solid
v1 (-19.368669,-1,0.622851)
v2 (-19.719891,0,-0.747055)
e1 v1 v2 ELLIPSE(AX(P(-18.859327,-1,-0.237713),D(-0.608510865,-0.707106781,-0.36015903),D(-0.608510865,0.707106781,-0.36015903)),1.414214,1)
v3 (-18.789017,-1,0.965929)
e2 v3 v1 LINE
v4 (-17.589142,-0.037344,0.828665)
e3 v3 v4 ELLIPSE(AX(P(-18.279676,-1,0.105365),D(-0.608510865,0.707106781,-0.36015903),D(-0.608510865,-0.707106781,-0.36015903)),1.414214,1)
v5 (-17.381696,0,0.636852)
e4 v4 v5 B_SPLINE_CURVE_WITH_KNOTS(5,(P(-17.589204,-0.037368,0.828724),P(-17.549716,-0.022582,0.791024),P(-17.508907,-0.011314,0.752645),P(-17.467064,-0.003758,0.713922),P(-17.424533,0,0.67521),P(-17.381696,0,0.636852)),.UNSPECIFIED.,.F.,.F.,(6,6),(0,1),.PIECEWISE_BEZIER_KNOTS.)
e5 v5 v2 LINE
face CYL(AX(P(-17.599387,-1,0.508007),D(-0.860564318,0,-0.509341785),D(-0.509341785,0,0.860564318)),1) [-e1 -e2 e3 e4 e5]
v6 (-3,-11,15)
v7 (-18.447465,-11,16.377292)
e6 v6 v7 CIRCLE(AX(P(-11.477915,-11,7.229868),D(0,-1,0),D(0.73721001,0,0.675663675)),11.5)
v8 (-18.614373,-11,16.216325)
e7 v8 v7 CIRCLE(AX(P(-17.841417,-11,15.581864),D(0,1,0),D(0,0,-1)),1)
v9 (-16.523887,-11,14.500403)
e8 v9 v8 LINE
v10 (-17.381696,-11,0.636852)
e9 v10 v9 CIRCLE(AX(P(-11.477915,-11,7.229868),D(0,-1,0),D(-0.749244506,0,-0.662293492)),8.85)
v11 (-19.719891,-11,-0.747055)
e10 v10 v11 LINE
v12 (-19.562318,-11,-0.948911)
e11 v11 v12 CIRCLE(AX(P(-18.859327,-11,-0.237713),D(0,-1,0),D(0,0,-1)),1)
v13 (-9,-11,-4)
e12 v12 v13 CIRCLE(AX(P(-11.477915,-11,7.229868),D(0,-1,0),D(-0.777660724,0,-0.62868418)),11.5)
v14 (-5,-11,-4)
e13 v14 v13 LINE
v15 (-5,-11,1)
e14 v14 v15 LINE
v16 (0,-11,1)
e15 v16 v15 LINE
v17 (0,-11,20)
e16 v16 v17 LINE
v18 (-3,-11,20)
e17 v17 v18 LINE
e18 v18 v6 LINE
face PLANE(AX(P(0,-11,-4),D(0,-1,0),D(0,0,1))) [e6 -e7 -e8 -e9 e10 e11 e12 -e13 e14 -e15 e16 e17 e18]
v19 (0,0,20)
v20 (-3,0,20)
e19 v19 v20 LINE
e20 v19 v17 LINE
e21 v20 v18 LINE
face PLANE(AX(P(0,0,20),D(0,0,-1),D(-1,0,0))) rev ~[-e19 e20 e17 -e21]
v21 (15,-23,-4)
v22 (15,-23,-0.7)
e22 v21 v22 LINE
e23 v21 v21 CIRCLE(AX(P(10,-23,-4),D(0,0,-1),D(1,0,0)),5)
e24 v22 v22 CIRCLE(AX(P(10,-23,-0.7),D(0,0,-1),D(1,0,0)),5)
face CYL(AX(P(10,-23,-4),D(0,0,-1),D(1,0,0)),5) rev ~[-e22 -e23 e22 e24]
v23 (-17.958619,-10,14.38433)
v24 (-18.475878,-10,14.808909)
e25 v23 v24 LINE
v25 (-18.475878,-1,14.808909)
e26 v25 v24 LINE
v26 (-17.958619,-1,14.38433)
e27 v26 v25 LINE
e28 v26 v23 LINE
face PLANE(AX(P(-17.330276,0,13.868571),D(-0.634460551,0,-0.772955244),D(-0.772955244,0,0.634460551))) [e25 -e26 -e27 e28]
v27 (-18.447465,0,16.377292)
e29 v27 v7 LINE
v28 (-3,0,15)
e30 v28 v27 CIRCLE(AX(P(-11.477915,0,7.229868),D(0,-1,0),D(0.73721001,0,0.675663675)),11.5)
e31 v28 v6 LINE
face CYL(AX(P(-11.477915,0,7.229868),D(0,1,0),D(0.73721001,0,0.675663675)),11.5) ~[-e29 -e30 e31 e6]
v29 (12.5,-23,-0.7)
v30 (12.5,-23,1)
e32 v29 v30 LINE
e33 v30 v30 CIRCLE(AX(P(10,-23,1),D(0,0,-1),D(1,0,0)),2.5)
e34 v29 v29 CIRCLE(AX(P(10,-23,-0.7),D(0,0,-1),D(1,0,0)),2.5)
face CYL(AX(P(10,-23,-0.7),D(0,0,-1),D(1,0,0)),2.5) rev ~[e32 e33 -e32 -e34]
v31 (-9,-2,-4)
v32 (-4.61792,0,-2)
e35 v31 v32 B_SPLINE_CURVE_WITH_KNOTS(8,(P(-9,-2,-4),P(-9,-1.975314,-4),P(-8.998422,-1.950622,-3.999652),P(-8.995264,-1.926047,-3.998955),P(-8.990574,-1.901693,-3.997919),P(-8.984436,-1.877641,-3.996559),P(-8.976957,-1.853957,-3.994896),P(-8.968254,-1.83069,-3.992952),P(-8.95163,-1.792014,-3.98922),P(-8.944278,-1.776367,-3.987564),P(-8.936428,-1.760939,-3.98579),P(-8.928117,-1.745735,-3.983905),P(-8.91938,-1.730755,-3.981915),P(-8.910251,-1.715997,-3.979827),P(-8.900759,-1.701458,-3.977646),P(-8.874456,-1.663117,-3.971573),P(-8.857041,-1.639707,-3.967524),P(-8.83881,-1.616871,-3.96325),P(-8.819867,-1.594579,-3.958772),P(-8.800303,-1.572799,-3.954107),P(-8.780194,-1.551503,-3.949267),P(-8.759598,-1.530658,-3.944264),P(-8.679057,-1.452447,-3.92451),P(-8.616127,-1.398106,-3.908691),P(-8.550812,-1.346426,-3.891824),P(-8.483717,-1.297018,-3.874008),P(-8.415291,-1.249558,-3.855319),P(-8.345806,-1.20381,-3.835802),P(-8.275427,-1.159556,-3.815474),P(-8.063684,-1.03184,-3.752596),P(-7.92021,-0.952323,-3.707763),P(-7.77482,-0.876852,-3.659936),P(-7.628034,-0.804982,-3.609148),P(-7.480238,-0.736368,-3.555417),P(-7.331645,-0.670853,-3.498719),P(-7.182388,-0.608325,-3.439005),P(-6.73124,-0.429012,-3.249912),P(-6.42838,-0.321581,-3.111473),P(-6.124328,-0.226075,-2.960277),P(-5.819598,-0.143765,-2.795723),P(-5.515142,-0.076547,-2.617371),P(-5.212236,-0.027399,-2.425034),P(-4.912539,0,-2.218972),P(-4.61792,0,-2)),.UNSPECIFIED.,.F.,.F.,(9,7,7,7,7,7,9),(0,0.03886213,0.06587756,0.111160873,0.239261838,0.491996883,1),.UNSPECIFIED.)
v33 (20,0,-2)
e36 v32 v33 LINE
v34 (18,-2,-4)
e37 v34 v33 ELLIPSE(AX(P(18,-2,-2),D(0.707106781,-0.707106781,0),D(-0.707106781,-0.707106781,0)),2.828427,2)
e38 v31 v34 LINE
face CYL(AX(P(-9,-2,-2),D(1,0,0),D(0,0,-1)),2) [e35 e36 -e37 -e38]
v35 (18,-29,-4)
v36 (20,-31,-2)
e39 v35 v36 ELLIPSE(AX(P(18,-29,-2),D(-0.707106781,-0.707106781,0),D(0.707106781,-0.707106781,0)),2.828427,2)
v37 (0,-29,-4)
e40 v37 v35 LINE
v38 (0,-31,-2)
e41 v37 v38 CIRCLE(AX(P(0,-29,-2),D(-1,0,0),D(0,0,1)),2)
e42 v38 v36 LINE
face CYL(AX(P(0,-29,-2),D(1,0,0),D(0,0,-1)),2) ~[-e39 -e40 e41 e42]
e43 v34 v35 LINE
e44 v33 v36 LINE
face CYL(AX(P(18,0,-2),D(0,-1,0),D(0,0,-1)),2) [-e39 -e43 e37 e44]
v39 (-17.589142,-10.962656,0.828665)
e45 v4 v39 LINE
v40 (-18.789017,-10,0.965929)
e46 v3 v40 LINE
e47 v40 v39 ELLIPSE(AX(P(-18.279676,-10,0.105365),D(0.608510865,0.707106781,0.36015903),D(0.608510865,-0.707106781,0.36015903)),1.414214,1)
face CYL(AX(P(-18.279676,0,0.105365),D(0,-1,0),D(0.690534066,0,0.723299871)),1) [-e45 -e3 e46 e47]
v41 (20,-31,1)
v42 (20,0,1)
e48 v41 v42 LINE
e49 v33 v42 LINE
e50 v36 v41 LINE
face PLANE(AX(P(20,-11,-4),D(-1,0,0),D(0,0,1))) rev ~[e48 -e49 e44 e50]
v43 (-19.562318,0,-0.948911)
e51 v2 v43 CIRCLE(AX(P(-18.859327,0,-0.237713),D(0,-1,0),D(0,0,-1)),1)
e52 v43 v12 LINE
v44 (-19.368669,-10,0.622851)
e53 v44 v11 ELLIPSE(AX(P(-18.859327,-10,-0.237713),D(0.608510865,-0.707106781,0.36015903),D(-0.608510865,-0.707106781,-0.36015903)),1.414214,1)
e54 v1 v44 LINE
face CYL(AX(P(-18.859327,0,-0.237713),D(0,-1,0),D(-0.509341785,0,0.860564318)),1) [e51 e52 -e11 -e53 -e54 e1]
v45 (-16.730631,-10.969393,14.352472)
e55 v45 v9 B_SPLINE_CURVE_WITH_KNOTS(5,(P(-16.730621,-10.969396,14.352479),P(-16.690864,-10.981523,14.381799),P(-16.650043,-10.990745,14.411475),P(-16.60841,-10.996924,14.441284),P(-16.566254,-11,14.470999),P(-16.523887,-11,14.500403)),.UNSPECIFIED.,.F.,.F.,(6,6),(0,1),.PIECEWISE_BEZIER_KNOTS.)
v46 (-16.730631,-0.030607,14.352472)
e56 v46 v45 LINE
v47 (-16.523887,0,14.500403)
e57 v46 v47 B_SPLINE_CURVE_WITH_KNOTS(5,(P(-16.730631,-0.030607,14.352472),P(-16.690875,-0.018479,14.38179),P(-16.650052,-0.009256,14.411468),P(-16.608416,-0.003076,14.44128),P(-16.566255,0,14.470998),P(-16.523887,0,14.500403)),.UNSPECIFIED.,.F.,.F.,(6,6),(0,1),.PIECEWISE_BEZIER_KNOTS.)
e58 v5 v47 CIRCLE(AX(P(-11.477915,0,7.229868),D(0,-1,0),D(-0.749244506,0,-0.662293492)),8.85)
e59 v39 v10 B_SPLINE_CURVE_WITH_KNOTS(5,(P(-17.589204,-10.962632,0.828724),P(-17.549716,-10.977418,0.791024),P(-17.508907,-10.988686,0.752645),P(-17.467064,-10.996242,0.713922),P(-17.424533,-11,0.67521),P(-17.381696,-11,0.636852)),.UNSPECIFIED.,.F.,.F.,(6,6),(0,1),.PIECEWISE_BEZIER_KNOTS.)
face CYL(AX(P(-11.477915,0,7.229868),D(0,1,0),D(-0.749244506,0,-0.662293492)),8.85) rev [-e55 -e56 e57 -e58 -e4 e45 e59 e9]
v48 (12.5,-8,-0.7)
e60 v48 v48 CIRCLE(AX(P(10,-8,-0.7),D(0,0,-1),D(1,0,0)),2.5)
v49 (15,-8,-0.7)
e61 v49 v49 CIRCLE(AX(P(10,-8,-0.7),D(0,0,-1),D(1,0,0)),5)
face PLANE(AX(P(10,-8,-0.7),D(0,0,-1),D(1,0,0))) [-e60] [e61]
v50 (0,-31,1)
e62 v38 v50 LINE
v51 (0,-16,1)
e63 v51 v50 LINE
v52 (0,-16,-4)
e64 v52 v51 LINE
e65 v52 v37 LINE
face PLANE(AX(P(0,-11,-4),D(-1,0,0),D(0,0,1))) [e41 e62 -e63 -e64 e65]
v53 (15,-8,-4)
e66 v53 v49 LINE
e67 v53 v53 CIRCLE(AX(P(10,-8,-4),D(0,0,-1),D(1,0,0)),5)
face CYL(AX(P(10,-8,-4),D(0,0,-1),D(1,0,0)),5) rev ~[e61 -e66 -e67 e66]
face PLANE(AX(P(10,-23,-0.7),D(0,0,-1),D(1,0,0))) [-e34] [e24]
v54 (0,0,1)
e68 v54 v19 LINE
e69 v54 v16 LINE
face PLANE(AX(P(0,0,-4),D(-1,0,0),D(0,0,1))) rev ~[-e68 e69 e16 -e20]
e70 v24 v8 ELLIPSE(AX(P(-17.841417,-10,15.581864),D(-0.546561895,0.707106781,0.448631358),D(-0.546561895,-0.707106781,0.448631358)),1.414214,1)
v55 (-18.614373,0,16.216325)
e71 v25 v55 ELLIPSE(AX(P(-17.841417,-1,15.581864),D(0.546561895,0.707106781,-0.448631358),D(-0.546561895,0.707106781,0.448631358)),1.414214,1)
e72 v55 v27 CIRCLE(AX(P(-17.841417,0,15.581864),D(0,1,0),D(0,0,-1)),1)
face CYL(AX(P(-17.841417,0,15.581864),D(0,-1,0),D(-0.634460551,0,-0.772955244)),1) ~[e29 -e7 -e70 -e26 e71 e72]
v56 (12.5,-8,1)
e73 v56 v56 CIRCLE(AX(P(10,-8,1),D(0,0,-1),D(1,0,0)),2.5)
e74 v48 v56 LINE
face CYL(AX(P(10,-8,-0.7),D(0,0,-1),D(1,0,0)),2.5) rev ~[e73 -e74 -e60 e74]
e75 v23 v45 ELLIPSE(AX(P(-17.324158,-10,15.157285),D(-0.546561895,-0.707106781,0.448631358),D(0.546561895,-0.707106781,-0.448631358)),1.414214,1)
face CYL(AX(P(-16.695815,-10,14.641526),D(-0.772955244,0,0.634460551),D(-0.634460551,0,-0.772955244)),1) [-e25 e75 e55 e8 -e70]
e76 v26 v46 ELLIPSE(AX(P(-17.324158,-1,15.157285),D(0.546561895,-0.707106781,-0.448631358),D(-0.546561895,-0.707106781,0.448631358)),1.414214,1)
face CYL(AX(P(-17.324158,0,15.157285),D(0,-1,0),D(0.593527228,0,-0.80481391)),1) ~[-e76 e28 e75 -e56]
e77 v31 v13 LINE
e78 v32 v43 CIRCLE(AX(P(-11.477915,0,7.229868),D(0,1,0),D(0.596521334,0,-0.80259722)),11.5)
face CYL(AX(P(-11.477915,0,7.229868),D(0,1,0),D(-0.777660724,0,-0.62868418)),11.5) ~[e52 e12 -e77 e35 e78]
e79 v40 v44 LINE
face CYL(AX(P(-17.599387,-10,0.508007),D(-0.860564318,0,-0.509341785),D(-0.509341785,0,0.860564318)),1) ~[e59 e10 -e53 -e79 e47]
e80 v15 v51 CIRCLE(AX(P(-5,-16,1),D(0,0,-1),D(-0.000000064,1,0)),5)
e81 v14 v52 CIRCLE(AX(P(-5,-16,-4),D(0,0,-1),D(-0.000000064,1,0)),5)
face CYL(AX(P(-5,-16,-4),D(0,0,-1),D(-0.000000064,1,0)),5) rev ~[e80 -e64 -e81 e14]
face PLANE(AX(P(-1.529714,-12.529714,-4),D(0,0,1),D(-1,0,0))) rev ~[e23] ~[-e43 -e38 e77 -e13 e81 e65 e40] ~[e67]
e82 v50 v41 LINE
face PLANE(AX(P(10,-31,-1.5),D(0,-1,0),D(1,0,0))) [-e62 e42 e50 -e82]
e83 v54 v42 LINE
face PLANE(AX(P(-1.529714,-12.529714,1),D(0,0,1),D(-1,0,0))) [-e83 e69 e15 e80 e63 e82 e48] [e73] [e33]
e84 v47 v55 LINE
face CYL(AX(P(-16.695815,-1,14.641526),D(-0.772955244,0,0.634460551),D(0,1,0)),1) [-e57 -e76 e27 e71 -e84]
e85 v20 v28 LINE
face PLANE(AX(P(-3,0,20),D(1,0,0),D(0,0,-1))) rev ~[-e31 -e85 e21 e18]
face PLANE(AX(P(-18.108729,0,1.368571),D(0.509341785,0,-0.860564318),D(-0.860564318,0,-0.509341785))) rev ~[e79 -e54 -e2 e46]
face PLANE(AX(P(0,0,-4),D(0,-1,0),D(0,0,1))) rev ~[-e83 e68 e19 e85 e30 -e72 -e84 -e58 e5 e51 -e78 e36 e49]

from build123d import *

# Parameters (mm, degrees)
PAD_DEPTH       = 11
FILLET_R        = 1
FILLET001_R     = 1
SKETCH001_W     = 5
SKETCH001_H     = 11
PAD001_DEPTH    = 20
SKETCH002_W     = 20
SKETCH002_H     = 5
PAD002_DEPTH    = 20
SKETCH003_R     = 5
POCKET_DEPTH    = 3.3
PAD003_DEPTH    = 5
SKETCH005_R     = 2.5
POCKET001_DEPTH = 5
FILLET002_R     = 2


with BuildPart() as part:
    # Sketch → Pad (new body)
    with BuildSketch(Plane.XZ):
        with BuildLine():
            Line((0, 0), (0, 20))
            Line((0, 20), (-3, 20))
            Line((-3, 20), (-3, 15))
            ThreePointArc((-3, 15), (-11.080706, 18.723006), (-19.399163, 15.566764))
            Line((-17.330276, 13.868571), (-19.399163, 15.566764))
            ThreePointArc((-18.108729, 1.368571), (-2.645027, 6.679789), (-17.330276, 13.868571))
            Line((-18.108729, 1.368571), (-20.421014, 0))
            ThreePointArc((-20.421014, 0), (-15.279185, -3.623719), (-9, -4))
            Line((-9, -4), (0, -4))
            Line((0, 0), (0, -4))
        make_face()
    extrude(amount=PAD_DEPTH)

    # Fillet
    fillet_edges = [part.edges().sort_by_distance(p)[0] for p in [
        (-18.108729, -5.5, 1.368571),
        (-20.421014, -5.5, 0),
        (-19.264872, 0, 0.684285),
        (-19.264872, -11, 0.684285),
    ]]
    fillet(fillet_edges, radius=FILLET_R)

    # Fillet001
    fillet001_edges = [part.edges().sort_by_distance(p)[0] for p in [
        (-17.330276, -5.5, 13.868571),
        (-19.399163, -5.5, 15.566764),
        (-18.364719, 0, 14.717668),
        (-18.364719, -11, 14.717668),
    ]]
    fillet(fillet001_edges, radius=FILLET001_R)

    # Sketch001 (on Face17 of Fillet001) → Pad001 (join)
    with BuildSketch(Plane(origin=(0, 0, 0), x_dir=(0, 0, 1), z_dir=(1, 0, 0))):
        with Locations((-1.5, 5.5)):
            Rectangle(SKETCH001_W, SKETCH001_H)
    extrude(amount=PAD001_DEPTH)

    # Sketch002 (on Face21 of Pad001) → Pad002 (join)
    with BuildSketch(Plane.XZ.offset(11)):
        with Locations((10, -1.5)):
            Rectangle(SKETCH002_W, SKETCH002_H)
    extrude(amount=PAD002_DEPTH)

    # Sketch003 (on Face26 of Pad002) → Pocket (cut)
    with BuildSketch(Plane(origin=(0, 0, -4), x_dir=(1, 0, 0), z_dir=(0, 0, -1))):
        with Locations((10, 23)):
            Circle(SKETCH003_R)
        with Locations((10, 8)):
            Circle(SKETCH003_R)
    extrude(amount=-POCKET_DEPTH, mode=Mode.SUBTRACT)

    # Sketch004 (on Face15 of Pocket) → Pad003 (join)
    with BuildSketch(Plane(origin=(0, 0, -4), x_dir=(1, 0, 0), z_dir=(0, 0, -1))):
        with BuildLine():
            ThreePointArc((-5, 11), (-1.464466, 12.464466), (0, 16))
            Line((0, 16), (0, 11))
            Line((0, 11), (-5, 11))
        make_face()
    extrude(amount=-PAD003_DEPTH)

    # Sketch005 (on Face35 of Pad003) → Pocket001 (cut)
    with BuildSketch(Plane(origin=(0, 0, -0.7), x_dir=(1, 0, 0), z_dir=(0, 0, -1))):
        with Locations((10, 23)):
            Circle(SKETCH005_R)
        with Locations((10, 8)):
            Circle(SKETCH005_R)
    extrude(amount=-POCKET001_DEPTH, mode=Mode.SUBTRACT)

    # Fillet002
    fillet002_edges = [part.edges().sort_by_distance(p)[0] for p in [
        (10, -31, -4),
        (20, -21, -4),
        (10, 0, -4),
        (20, -5.5, -4),
    ]]
    fillet(fillet002_edges, radius=FILLET002_R)


solid = part.part
